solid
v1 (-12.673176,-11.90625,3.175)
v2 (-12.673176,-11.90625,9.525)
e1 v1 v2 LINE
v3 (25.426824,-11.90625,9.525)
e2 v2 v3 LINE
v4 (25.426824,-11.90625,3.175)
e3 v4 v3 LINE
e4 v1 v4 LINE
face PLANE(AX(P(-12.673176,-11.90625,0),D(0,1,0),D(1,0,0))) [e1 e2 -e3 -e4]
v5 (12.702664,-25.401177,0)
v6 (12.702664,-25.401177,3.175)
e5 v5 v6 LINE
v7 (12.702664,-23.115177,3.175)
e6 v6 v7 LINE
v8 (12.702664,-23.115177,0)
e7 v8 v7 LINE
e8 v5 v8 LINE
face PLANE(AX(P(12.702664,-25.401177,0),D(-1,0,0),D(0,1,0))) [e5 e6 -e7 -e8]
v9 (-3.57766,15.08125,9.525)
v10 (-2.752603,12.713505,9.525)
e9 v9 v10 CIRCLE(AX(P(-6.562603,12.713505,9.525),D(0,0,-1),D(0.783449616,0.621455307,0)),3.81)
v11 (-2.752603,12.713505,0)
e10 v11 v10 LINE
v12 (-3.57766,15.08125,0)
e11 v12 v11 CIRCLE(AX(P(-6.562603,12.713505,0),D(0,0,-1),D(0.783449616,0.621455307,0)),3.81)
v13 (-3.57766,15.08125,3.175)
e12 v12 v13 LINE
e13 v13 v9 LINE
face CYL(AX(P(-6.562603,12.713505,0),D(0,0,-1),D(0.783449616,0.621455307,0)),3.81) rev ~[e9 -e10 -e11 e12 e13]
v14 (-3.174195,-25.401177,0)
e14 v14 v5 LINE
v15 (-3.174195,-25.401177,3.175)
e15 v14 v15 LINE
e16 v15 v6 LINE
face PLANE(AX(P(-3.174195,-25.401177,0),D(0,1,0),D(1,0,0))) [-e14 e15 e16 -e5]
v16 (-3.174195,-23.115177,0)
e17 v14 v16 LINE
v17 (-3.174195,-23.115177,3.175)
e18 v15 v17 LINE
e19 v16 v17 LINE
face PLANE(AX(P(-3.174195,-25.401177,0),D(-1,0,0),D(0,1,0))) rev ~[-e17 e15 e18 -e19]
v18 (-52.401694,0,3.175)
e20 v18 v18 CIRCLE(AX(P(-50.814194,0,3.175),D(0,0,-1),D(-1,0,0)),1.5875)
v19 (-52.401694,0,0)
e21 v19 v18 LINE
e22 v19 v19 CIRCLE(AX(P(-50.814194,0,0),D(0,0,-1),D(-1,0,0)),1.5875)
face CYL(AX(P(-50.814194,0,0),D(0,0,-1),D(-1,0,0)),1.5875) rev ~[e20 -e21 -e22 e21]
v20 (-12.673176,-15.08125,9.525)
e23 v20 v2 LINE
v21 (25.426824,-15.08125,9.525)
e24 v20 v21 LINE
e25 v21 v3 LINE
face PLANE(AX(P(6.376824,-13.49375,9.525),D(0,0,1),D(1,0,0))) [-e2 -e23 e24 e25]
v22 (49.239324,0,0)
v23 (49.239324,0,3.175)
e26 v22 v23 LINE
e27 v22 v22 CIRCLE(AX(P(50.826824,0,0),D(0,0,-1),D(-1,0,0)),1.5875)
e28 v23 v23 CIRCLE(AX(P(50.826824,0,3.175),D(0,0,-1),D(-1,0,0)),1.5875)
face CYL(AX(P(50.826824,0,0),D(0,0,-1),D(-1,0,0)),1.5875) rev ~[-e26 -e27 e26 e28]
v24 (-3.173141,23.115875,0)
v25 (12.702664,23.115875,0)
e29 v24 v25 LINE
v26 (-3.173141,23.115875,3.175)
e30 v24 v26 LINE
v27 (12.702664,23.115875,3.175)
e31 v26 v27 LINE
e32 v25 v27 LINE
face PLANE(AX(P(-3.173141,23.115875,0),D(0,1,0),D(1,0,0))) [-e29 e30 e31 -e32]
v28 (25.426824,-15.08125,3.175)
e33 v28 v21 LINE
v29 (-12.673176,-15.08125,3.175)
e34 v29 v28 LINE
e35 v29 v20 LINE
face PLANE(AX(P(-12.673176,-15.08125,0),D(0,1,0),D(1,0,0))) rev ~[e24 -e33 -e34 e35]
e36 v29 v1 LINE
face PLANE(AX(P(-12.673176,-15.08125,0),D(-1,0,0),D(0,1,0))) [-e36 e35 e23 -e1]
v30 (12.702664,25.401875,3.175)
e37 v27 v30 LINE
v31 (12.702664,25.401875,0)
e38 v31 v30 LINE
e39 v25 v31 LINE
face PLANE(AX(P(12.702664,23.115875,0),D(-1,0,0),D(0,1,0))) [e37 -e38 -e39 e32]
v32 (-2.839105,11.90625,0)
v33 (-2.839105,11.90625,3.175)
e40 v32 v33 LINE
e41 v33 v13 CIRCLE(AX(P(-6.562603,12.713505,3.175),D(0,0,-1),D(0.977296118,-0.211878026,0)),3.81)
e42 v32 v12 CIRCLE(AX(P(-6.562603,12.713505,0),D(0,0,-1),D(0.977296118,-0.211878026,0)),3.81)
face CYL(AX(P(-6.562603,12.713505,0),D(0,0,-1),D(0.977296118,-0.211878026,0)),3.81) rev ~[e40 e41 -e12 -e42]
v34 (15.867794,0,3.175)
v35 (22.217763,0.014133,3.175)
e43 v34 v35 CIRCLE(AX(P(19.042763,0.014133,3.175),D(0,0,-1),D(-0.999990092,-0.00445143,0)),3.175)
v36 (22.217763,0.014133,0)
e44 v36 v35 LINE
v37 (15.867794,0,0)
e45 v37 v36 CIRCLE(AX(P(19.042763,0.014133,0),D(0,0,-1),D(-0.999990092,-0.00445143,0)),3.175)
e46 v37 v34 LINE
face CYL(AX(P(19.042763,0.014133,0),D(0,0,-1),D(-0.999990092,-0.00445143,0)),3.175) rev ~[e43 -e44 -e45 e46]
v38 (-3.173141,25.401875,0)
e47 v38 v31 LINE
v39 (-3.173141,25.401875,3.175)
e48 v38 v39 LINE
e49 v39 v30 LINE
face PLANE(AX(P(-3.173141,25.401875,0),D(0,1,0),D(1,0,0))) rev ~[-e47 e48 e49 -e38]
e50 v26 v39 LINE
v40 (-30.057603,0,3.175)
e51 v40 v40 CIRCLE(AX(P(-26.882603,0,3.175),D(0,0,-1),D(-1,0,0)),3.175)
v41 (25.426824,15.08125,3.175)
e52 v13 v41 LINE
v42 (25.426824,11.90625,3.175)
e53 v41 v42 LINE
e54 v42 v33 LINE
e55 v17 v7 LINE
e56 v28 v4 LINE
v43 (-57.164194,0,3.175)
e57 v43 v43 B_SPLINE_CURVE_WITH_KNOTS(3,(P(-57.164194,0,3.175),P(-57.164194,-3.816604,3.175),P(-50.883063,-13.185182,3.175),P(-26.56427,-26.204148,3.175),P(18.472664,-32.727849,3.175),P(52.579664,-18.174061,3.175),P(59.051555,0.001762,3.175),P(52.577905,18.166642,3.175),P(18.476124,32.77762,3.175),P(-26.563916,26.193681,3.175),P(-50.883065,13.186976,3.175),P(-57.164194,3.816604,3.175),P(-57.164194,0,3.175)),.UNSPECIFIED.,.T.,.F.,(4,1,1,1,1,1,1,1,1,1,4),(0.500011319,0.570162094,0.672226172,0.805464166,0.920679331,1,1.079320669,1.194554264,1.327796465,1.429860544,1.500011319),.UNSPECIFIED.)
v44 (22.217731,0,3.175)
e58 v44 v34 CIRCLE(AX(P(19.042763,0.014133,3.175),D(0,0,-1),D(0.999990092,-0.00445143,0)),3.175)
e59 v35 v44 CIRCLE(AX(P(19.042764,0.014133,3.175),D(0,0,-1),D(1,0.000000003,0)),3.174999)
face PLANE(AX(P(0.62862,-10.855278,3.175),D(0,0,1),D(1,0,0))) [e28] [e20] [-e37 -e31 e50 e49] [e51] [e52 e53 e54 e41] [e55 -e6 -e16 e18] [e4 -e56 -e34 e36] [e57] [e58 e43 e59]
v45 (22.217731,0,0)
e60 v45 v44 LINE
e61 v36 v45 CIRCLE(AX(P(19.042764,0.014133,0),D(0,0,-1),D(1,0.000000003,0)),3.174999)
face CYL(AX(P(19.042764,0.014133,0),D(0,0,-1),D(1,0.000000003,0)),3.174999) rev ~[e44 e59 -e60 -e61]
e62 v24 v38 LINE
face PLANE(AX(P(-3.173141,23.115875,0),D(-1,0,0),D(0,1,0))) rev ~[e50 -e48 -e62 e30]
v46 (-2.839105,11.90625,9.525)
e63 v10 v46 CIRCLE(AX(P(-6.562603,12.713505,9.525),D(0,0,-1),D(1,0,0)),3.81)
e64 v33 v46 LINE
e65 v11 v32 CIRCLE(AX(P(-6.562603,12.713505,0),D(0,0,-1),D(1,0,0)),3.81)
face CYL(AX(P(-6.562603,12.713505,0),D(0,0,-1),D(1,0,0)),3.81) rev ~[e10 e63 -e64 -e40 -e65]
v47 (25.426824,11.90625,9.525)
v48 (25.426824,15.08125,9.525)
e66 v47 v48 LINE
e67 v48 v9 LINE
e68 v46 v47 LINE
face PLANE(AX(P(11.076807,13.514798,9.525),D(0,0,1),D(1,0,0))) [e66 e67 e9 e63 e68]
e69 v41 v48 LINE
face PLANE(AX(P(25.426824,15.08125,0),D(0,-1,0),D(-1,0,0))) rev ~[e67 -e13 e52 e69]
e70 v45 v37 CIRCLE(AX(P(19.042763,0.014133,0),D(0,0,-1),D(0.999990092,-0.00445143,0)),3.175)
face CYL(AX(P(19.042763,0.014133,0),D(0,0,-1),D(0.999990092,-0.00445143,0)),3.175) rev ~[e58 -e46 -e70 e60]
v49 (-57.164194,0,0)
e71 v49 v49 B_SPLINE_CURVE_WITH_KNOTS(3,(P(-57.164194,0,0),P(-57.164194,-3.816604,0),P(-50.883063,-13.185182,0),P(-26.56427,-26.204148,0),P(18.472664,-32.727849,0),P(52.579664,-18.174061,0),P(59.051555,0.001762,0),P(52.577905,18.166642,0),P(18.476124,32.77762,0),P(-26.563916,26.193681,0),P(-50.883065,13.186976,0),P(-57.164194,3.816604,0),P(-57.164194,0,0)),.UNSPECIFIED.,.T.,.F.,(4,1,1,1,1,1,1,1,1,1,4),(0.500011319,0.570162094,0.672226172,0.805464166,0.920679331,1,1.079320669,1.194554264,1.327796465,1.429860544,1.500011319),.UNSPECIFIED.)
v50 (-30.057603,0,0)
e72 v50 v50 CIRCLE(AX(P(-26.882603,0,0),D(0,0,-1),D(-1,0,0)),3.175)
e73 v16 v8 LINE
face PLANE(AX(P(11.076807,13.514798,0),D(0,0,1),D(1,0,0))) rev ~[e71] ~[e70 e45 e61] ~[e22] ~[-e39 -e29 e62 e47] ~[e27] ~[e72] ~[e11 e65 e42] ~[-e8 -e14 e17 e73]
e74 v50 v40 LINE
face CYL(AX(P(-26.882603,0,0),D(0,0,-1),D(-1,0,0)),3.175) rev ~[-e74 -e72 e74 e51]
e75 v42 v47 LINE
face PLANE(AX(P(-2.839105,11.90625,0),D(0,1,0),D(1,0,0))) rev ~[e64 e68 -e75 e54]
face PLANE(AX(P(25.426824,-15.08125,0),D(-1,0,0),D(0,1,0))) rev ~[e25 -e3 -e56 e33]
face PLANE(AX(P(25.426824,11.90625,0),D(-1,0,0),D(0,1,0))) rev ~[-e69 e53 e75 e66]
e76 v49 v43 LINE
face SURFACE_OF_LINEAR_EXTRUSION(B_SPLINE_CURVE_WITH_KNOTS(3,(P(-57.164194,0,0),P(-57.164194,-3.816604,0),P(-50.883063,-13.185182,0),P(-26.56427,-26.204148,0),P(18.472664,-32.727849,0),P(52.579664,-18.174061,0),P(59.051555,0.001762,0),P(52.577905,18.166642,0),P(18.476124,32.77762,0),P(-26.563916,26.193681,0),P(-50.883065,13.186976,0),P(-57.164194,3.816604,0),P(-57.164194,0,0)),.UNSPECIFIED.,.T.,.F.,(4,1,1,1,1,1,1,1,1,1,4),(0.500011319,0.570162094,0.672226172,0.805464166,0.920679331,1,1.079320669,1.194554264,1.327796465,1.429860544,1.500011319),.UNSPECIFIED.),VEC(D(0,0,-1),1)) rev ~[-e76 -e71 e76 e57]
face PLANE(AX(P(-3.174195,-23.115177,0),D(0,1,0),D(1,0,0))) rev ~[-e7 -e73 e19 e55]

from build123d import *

# Parameters (mm, degrees)
F0_W     = 15.876858935
F0_H     = 2.286
F0_W_2   = 38.1000000002
F0_H_2   = 3.175
F0_W_3   = 15.8758046778
F1_DEPTH = 3.175
F2_DEPTH = 9.525


with BuildPart() as f1:
    # F0 (on Top) → F1 (new body)
    with BuildSketch(Plane.XY):
        with BuildLine():
            Line((15.8677943845, 0), (-23.7076027334, 0))
            ThreePointArc((-23.7076027334, 0), (-26.8826027334, -3.175), (-30.0576027334, 0))
            Line((-30.0576027334, 0), (-49.2266940624, 0))
            ThreePointArc((-49.2266940624, 0), (-50.8141940624, -1.5875), (-52.4016940624, 0))
            Line((-52.4016940624, 0), (-57.1641940624, 0))
            add(Edge.make_bspline(
                [(57.1768239528, 0), (57.1770156094, -5.2627414961), (52.5796635598, -18.1740612651), (18.4726643687, -32.7278489429), (-26.5642703947, -26.2041477461), (-50.8830626651, -13.1851822393), (-57.1641936658, -3.8166041807), (-57.1641940624, 0)],
                knots=[0.5000113186, 0.5000113186, 0.5000113186, 0.5000113186, 0.5793319877, 0.6945471525, 0.8277851465, 0.929849225, 1, 1, 1, 1], degree=3))
            Line((57.1768239528, 0), (52.4143239528, 0))
            ThreePointArc((52.4143239528, 0), (50.8268239528, -1.5875), (49.2393239528, 0))
            Line((49.2393239528, 0), (22.2177314709, 0))
            ThreePointArc((22.2177314709, 0), (19.0427629277, -3.1608667109), (15.8677943845, 0))
        make_face()
        with Locations((4.7642341302, -24.2581772995)):
            Rectangle(F0_W, F0_H, mode=Mode.SUBTRACT)
        with Locations((6.3768239537, -13.493750001)):
            Rectangle(F0_W_2, F0_H_2, mode=Mode.SUBTRACT)
        with BuildLine():
            ThreePointArc((-30.0576027334, 0), (-26.8826027334, 3.175), (-23.7076027334, 0))
            Line((-23.7076027334, 0), (15.8677943845, 0))
            ThreePointArc((15.8677943845, 0), (19.0356962657, 3.1891254249), (22.2177629277, 0.0141332891))
            ThreePointArc((22.2177629277, 0.0141332891), (22.2177550635, 0.007066627), (22.2177314709, 0))
            Line((22.2177314709, 0), (49.2393239528, 0))
            ThreePointArc((49.2393239528, 0), (50.8268239528, 1.5875), (52.4143239528, 0))
            Line((52.4143239528, 0), (57.1768239528, 0))
            add(Edge.make_bspline(
                [(-57.1641940624, 0), (-57.1641944589, 3.8166041807), (-50.883065405, 13.1869760393), (-26.5639162211, 26.1936810476), (18.4761240651, 32.7776202088), (52.5779045209, 18.1666423493), (57.1766322962, 5.2627414961), (57.1768239528, 0)],
                knots=[0, 0, 0, 0, 0.070150775, 0.1722148535, 0.3054570544, 0.4206906495, 0.5000113186, 0.5000113186, 0.5000113186, 0.5000113186], degree=3))
            Line((-57.1641940624, 0), (-52.4016940624, 0))
            ThreePointArc((-52.4016940624, 0), (-50.8141940624, 1.5875), (-49.2266940624, 0))
            Line((-49.2266940624, 0), (-30.0576027334, 0))
        make_face()
        with BuildLine():
            ThreePointArc((-2.8391045245, 11.906250005), (-10.2735261014, 11.8502858718), (-3.5776596946, 15.081250005))
            Line((-3.5776596946, 15.081250005), (25.4268239538, 15.081250005))
            Line((25.4268239538, 15.081250005), (25.4268239538, 11.906250005))
            Line((25.4268239538, 11.906250005), (-2.8391045245, 11.906250005))
        make_face(mode=Mode.SUBTRACT)
        with Locations((4.7647612588, 24.2588748922)):
            Rectangle(F0_W_3, F0_H, mode=Mode.SUBTRACT)
    extrude(amount=F1_DEPTH)

    # F0 (on Top) → F2 (join)
    with BuildSketch(Plane.XY):
        with BuildLine():
            ThreePointArc((-3.5776596946, 15.081250005), (-2.9647747096, 13.9671932499), (-2.7526027334, 12.7135052858))
            ThreePointArc((-2.7526027334, 12.7135052858), (-2.7742899047, 12.3075669752), (-2.8391045245, 11.906250005))
            Line((-2.8391045245, 11.906250005), (25.4268239538, 11.906250005))
            Line((25.4268239538, 11.906250005), (25.4268239538, 15.081250005))
            Line((25.4268239538, 15.081250005), (-3.5776596946, 15.081250005))
        make_face()
        with Locations((6.3768239537, -13.493750001)):
            Rectangle(F0_W_2, F0_H_2)
    extrude(amount=F2_DEPTH)


solid = f1.part
